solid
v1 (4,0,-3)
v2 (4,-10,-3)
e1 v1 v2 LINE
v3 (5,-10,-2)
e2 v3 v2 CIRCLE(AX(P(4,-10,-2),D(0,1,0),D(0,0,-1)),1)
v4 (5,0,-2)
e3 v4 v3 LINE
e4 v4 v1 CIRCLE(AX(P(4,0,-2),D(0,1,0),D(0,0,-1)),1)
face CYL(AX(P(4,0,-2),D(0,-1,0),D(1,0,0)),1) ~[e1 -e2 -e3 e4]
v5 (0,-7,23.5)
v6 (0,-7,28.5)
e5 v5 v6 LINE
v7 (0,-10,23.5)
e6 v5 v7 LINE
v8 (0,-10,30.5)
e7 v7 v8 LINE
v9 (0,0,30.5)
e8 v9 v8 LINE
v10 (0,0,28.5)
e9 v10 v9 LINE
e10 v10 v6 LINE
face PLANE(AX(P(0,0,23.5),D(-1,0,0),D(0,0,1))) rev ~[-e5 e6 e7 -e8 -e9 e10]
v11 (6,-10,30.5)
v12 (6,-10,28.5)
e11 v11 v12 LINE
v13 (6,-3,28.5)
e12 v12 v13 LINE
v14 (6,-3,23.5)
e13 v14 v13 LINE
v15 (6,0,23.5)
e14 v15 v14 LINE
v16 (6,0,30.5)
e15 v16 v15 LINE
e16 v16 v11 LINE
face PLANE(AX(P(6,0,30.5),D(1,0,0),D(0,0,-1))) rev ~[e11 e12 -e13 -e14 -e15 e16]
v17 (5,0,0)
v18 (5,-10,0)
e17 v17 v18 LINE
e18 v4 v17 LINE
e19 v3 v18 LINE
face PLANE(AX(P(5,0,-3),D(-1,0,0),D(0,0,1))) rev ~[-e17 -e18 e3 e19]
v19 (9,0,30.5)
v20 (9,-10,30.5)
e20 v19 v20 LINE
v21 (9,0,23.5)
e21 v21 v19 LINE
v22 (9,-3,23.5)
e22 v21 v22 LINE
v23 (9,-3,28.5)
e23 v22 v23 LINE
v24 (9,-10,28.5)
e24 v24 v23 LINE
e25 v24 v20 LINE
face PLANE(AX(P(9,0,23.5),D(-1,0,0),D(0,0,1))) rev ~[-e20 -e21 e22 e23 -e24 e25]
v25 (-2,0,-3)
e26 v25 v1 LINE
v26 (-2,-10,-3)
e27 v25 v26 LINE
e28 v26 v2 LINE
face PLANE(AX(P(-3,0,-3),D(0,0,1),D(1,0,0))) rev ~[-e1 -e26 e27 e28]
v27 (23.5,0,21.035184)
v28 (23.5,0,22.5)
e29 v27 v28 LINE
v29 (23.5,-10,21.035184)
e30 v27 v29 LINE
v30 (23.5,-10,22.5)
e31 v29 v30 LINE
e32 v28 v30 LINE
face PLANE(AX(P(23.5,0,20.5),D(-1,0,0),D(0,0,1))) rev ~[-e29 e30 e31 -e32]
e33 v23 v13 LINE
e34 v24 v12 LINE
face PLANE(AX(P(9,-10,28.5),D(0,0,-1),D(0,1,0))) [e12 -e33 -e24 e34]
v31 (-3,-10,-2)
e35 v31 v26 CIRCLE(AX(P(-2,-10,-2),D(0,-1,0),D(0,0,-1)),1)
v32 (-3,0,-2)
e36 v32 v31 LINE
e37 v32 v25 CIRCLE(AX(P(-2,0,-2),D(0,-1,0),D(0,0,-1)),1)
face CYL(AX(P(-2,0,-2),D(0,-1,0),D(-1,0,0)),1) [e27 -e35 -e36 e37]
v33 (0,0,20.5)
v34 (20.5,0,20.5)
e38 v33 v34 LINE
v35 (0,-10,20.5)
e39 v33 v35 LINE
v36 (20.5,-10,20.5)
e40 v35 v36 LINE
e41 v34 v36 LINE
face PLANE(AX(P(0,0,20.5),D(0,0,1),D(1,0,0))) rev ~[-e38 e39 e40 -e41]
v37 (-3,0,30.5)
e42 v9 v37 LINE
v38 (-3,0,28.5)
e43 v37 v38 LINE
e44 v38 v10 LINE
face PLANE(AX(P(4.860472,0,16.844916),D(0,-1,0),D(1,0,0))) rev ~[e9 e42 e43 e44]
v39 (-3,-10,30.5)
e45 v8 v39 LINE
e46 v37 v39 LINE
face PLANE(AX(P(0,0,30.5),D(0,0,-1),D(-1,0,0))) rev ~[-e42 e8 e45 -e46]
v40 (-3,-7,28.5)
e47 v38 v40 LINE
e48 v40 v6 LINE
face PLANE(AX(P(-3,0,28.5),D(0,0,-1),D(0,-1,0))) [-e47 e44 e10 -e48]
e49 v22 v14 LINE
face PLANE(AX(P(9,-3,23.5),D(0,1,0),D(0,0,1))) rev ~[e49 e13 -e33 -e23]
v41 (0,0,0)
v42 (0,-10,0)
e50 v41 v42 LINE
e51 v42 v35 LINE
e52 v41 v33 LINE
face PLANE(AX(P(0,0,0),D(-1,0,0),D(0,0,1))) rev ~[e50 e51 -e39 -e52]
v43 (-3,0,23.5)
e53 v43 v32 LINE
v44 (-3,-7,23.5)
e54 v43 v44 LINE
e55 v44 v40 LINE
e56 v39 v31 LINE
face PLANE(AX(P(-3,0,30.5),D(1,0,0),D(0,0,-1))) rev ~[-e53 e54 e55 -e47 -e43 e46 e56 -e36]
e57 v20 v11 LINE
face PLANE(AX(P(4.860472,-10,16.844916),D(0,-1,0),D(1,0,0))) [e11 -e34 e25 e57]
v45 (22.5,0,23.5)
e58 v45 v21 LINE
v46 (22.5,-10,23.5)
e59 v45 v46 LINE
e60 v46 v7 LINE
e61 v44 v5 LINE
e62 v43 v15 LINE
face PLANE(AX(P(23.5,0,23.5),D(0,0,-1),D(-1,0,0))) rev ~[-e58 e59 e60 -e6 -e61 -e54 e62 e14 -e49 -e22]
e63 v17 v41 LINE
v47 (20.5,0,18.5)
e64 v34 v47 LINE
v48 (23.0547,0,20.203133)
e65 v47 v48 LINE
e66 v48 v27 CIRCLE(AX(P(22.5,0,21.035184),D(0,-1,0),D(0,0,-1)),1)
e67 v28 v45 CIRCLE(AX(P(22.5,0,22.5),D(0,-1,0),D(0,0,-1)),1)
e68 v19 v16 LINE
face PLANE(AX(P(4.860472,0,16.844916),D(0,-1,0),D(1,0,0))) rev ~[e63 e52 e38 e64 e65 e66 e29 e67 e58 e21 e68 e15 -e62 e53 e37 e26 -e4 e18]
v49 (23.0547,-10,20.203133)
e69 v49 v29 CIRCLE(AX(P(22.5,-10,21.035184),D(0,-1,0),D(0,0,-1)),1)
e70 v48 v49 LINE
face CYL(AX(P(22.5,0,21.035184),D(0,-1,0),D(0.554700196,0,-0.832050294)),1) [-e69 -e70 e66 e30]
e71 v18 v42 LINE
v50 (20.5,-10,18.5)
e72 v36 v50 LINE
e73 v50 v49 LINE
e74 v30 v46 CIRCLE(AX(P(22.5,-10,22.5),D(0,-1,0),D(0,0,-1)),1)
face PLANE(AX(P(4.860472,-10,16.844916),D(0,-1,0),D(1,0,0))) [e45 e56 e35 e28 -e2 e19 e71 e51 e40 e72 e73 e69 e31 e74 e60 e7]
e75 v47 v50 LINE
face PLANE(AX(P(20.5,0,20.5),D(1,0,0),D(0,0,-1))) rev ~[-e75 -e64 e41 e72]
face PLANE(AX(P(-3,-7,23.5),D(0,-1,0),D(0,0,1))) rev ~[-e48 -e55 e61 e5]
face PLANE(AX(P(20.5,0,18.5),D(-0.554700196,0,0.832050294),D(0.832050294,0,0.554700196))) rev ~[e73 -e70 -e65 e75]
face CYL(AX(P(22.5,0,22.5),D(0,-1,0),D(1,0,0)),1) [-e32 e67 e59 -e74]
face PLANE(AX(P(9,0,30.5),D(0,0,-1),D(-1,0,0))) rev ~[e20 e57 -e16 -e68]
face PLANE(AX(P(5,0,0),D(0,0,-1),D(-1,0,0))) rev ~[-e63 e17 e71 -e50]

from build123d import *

# Parameters (mm, degrees)
F1_DEPTH = 10
F2_R     = 1
F3_W     = 7
F3_H     = 5
F4_DEPTH = 3
F5_W     = 7
F5_H     = 5
F6_DEPTH = 3


with BuildPart() as f1:
    # F0 (on Front) → F1 (new body)
    with BuildSketch(Plane.XZ):
        Polygon((5, -3), (5, 0), (0, 0), (0, 20.5), (20.5, 20.5), (20.5, 18.5), (23.5, 20.5), (23.5, 23.5), (9, 23.5), (9, 30.5), (6, 30.5), (6, 23.5), (0, 23.5), (0, 30.5), (-3, 30.5), (-3, 23.5), (-3, -3), align=None)
    extrude(amount=F1_DEPTH)

    # F2
    f2_edges = [f1.edges().sort_by_distance(p)[0] for p in [
        (23.5, -5, 23.5),
        (-3, -5, -3),
        (23.5, -5, 20.5),
        (5, -5, -3),
    ]]
    fillet(f2_edges, radius=F2_R)

    # F3 (on face) → F4 (cut, through all)
    with BuildSketch(Plane(origin=(-3, 0, 0), x_dir=(0, -1, 0), z_dir=(-1, 0, 0))):
        with Locations((3.5, 26)):
            Rectangle(F3_W, F3_H)
    extrude(amount=-F4_DEPTH, mode=Mode.SUBTRACT)

    # F5 (on face) → F6 (cut, through all)
    with BuildSketch(Plane.YZ.offset(9)):
        with Locations((-6.5, 26)):
            Rectangle(F5_W, F5_H)
    extrude(amount=-F6_DEPTH, mode=Mode.SUBTRACT)


solid = f1.part
